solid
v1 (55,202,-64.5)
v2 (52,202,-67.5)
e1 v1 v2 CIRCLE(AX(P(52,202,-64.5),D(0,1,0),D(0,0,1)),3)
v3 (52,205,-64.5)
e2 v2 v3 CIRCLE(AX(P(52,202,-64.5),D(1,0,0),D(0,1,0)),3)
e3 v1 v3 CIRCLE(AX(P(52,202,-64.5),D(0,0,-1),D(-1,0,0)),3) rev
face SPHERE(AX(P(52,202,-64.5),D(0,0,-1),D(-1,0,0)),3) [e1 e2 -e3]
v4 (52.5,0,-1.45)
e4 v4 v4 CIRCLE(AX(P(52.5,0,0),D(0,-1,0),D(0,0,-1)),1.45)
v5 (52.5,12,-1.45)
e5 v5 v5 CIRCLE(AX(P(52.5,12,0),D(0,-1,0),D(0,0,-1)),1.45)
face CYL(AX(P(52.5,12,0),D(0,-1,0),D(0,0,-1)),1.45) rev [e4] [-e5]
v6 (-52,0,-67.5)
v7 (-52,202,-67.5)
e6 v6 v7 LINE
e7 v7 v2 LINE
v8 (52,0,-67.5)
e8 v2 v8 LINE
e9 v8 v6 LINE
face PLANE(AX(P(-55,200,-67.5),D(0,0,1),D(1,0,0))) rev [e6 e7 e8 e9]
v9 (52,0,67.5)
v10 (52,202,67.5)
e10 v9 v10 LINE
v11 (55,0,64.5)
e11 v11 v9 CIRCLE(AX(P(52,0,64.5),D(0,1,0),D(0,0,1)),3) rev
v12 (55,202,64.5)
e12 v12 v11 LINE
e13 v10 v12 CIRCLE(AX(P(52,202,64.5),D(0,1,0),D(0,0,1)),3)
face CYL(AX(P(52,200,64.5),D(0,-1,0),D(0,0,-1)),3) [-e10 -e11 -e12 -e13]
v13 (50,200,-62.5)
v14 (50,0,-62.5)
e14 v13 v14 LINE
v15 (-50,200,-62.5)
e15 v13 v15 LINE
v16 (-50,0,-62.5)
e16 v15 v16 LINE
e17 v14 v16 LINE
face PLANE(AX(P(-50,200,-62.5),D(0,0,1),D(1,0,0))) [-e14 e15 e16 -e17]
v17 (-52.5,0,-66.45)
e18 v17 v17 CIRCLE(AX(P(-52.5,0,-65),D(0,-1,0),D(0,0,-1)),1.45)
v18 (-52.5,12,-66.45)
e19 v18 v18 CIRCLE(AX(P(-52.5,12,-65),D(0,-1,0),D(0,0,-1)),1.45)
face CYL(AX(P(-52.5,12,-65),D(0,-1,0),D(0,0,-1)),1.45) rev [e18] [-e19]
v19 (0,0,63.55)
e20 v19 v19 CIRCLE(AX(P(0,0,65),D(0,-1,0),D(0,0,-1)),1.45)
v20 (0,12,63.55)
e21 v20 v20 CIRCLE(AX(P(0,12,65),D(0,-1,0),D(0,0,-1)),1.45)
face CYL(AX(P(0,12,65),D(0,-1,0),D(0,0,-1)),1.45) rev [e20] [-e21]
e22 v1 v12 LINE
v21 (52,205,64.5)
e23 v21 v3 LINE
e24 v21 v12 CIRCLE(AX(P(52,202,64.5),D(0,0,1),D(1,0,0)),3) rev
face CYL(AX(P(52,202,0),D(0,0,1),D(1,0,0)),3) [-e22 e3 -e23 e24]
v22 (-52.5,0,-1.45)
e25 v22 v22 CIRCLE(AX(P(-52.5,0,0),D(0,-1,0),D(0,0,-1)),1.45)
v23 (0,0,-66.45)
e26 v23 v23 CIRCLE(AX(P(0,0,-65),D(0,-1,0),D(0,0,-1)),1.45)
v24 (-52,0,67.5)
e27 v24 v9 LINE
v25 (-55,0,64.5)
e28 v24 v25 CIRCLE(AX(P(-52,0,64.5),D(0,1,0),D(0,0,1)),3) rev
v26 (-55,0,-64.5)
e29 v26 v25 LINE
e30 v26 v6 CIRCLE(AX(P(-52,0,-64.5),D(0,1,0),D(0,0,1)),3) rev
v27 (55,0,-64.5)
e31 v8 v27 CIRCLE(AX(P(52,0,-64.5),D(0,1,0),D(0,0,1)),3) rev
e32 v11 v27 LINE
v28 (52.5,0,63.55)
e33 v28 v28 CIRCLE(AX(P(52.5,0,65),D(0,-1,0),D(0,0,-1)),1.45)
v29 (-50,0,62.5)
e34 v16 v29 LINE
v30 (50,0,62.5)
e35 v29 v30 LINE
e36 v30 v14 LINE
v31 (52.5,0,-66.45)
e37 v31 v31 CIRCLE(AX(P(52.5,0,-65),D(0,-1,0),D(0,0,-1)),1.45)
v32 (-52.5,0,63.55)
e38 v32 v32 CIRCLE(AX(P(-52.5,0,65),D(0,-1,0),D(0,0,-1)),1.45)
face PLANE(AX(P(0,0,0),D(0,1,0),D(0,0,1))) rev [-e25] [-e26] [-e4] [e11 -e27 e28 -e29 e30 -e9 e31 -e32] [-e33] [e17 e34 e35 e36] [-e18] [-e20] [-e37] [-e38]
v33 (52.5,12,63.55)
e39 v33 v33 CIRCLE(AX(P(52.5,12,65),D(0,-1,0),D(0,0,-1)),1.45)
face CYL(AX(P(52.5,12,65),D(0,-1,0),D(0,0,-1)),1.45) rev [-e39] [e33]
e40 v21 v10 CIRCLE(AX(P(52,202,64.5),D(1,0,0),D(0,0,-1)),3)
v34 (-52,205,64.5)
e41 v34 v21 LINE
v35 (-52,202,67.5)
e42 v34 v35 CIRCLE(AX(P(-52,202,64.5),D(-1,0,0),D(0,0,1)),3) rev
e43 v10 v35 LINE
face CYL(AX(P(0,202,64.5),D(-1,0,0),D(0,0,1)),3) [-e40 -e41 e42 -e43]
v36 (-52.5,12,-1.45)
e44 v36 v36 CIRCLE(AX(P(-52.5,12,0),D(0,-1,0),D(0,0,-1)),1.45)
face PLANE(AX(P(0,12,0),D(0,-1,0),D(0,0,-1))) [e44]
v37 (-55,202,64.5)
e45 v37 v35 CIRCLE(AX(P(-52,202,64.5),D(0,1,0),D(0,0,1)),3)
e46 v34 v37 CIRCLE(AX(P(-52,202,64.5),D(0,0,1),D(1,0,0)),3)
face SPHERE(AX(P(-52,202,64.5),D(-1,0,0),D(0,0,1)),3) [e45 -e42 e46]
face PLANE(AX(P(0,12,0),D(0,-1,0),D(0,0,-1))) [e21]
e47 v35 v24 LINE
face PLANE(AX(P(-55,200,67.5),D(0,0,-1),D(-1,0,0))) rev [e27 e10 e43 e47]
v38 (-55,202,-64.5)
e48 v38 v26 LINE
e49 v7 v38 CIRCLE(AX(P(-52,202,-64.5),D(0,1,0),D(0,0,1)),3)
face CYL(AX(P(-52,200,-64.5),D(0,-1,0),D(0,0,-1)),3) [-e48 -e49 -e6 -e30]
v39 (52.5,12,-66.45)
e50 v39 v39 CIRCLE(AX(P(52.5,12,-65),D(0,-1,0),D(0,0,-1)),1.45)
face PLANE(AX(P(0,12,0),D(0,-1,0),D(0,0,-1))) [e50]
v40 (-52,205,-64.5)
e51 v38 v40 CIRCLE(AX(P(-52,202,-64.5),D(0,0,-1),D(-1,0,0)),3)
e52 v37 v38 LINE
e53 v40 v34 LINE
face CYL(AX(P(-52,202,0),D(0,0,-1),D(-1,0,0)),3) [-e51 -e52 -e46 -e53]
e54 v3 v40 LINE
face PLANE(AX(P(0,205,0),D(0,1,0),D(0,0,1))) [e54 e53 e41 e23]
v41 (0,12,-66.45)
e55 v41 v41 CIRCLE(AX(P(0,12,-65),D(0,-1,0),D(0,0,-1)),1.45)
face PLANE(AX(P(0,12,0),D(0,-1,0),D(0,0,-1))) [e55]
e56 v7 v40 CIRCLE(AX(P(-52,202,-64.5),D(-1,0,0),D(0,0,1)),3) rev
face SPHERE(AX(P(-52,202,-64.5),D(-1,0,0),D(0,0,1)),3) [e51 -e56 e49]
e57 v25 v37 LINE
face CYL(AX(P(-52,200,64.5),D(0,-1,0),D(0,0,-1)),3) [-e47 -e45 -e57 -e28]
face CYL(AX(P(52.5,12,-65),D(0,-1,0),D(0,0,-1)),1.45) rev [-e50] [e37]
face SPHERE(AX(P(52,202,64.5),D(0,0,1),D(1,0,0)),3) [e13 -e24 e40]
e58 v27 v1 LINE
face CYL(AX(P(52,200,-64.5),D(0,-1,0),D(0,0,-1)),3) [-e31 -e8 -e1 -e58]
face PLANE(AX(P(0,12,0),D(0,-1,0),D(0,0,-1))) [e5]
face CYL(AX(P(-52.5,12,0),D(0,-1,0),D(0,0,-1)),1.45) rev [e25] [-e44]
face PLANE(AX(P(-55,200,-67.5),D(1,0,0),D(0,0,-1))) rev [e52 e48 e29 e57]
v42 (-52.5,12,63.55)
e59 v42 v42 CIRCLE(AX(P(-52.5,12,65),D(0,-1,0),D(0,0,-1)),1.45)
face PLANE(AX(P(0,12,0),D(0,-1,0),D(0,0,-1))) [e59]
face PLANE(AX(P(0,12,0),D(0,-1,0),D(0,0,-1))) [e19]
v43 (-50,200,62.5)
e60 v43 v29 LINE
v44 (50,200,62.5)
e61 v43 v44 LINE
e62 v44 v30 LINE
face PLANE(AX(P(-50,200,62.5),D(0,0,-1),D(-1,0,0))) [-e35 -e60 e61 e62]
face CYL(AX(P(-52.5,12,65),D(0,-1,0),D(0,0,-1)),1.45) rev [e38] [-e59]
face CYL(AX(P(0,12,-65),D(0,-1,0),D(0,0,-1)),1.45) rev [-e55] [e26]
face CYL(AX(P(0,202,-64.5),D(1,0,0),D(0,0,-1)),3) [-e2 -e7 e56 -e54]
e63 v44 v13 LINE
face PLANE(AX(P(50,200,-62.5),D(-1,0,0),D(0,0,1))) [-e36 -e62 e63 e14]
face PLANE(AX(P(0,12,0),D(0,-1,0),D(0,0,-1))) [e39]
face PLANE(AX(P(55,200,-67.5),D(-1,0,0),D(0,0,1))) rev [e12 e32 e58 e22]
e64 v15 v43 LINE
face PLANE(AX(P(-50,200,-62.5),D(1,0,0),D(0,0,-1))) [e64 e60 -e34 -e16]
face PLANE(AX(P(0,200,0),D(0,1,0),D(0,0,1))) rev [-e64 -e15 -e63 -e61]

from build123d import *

# Parameters (mm, degrees)
SKETCH1_W           = 110
SKETCH1_H           = 135
SKETCH1_W_2         = 100
SKETCH1_H_2         = 125
BOSS_EXTRUDE1_DEPTH = 200
SKETCH2_W           = 110
SKETCH2_H           = 135
BOSS_EXTRUDE2_DEPTH = 5
CUT_EXTRUDE1_DEPTH  = 12
FILLET1_R           = 3


with BuildPart() as part:
    # Sketch1 → Boss-Extrude1 (new body)
    with BuildSketch(Plane(origin=(0, 0, 0), x_dir=(1, 0, 0), z_dir=(0, 1, 0))):
        Rectangle(SKETCH1_W, SKETCH1_H)
        Rectangle(SKETCH1_W_2, SKETCH1_H_2, mode=Mode.SUBTRACT)
    extrude(amount=BOSS_EXTRUDE1_DEPTH)

    # Sketch2 → Boss-Extrude2 (add)
    with BuildSketch(Plane(origin=(0, 200, 0), x_dir=(1, 0, 0), z_dir=(0, 1, 0))):
        Rectangle(SKETCH2_W, SKETCH2_H)
    extrude(amount=BOSS_EXTRUDE2_DEPTH)

    # Sketch3 → Cut-Extrude1 (cut)
    with BuildSketch(Plane.XZ):
        with BuildLine():
            ThreePointArc((1.45, -65), (0, -63.55), (-1.45, -65))
            Line((-1.45, -65), (1.45, -65))
        make_face()
        with BuildLine():
            Line((1.45, -65), (-1.45, -65))
            ThreePointArc((-1.45, -65), (0, -66.45), (1.45, -65))
        make_face()
        with BuildLine():
            ThreePointArc((53.95, -65), (53.525304833, -63.974695167), (52.5, -63.55))
            Line((52.5, -63.55), (52.5, -65))
            Line((52.5, -65), (51.05, -65))
            ThreePointArc((51.05, -65), (52.5, -66.45), (53.95, -65))
        make_face()
        with BuildLine():
            Line((52.5, -65), (52.5, -63.55))
            ThreePointArc((52.5, -63.55), (51.474695167, -63.974695167), (51.05, -65))
            Line((51.05, -65), (52.5, -65))
        make_face()
        with BuildLine():
            ThreePointArc((53.95, 0), (53.525304833, 1.025304833), (52.5, 1.45))
            Line((52.5, 1.45), (52.5, -1.45))
            ThreePointArc((52.5, -1.45), (53.525304833, -1.025304833), (53.95, 0))
        make_face()
        with BuildLine():
            Line((52.5, -1.45), (52.5, 1.45))
            ThreePointArc((52.5, 1.45), (51.05, 0), (52.5, -1.45))
        make_face()
        with BuildLine():
            ThreePointArc((53.95, 65), (52.5, 66.45), (51.05, 65))
            Line((51.05, 65), (52.5, 65))
            Line((52.5, 65), (52.5, 63.55))
            ThreePointArc((52.5, 63.55), (53.525304833, 63.974695167), (53.95, 65))
        make_face()
        with BuildLine():
            Line((52.5, 65), (51.05, 65))
            ThreePointArc((51.05, 65), (51.474695167, 63.974695167), (52.5, 63.55))
            Line((52.5, 63.55), (52.5, 65))
        make_face()
        with BuildLine():
            ThreePointArc((1.45, 65), (0, 66.45), (-1.45, 65))
            Line((-1.45, 65), (1.45, 65))
        make_face()
        with BuildLine():
            Line((1.45, 65), (-1.45, 65))
            ThreePointArc((-1.45, 65), (0, 63.55), (1.45, 65))
        make_face()
        with BuildLine():
            Line((-52.5, 63.55), (-52.5, 65))
            Line((-52.5, 65), (-51.05, 65))
            ThreePointArc((-51.05, 65), (-53.525304833, 66.025304833), (-52.5, 63.55))
        make_face()
        with BuildLine():
            Line((-51.05, 65), (-52.5, 65))
            Line((-52.5, 65), (-52.5, 63.55))
            ThreePointArc((-52.5, 63.55), (-51.474695167, 63.974695167), (-51.05, 65))
        make_face()
        with BuildLine():
            ThreePointArc((-51.05, 0), (-51.474695167, 1.025304833), (-52.5, 1.45))
            Line((-52.5, 1.45), (-52.5, -1.45))
            ThreePointArc((-52.5, -1.45), (-51.474695167, -1.025304833), (-51.05, 0))
        make_face()
        with BuildLine():
            Line((-52.5, -1.45), (-52.5, 1.45))
            ThreePointArc((-52.5, 1.45), (-53.95, 0), (-52.5, -1.45))
        make_face()
        with BuildLine():
            ThreePointArc((-51.05, -65), (-51.474695167, -63.974695167), (-52.5, -63.55))
            Line((-52.5, -63.55), (-52.5, -65))
            Line((-52.5, -65), (-51.05, -65))
        make_face()
        with BuildLine():
            Line((-52.5, -65), (-52.5, -63.55))
            ThreePointArc((-52.5, -63.55), (-53.525304833, -66.025304833), (-51.05, -65))
            Line((-51.05, -65), (-52.5, -65))
        make_face()
    extrude(amount=-CUT_EXTRUDE1_DEPTH, mode=Mode.SUBTRACT)

    # Fillet1
    fillet1_edges = [part.edges().sort_by_distance(p)[0] for p in [
        (0, 205, -67.5),
        (-55, 205, 0),
        (0, 205, 67.5),
        (55, 205, 0),
        (-55, 102.5, -67.5),
        (55, 102.5, -67.5),
        (55, 102.5, 67.5),
        (-55, 102.5, 67.5),
    ]]
    fillet(fillet1_edges, radius=FILLET1_R)


solid = part.part
